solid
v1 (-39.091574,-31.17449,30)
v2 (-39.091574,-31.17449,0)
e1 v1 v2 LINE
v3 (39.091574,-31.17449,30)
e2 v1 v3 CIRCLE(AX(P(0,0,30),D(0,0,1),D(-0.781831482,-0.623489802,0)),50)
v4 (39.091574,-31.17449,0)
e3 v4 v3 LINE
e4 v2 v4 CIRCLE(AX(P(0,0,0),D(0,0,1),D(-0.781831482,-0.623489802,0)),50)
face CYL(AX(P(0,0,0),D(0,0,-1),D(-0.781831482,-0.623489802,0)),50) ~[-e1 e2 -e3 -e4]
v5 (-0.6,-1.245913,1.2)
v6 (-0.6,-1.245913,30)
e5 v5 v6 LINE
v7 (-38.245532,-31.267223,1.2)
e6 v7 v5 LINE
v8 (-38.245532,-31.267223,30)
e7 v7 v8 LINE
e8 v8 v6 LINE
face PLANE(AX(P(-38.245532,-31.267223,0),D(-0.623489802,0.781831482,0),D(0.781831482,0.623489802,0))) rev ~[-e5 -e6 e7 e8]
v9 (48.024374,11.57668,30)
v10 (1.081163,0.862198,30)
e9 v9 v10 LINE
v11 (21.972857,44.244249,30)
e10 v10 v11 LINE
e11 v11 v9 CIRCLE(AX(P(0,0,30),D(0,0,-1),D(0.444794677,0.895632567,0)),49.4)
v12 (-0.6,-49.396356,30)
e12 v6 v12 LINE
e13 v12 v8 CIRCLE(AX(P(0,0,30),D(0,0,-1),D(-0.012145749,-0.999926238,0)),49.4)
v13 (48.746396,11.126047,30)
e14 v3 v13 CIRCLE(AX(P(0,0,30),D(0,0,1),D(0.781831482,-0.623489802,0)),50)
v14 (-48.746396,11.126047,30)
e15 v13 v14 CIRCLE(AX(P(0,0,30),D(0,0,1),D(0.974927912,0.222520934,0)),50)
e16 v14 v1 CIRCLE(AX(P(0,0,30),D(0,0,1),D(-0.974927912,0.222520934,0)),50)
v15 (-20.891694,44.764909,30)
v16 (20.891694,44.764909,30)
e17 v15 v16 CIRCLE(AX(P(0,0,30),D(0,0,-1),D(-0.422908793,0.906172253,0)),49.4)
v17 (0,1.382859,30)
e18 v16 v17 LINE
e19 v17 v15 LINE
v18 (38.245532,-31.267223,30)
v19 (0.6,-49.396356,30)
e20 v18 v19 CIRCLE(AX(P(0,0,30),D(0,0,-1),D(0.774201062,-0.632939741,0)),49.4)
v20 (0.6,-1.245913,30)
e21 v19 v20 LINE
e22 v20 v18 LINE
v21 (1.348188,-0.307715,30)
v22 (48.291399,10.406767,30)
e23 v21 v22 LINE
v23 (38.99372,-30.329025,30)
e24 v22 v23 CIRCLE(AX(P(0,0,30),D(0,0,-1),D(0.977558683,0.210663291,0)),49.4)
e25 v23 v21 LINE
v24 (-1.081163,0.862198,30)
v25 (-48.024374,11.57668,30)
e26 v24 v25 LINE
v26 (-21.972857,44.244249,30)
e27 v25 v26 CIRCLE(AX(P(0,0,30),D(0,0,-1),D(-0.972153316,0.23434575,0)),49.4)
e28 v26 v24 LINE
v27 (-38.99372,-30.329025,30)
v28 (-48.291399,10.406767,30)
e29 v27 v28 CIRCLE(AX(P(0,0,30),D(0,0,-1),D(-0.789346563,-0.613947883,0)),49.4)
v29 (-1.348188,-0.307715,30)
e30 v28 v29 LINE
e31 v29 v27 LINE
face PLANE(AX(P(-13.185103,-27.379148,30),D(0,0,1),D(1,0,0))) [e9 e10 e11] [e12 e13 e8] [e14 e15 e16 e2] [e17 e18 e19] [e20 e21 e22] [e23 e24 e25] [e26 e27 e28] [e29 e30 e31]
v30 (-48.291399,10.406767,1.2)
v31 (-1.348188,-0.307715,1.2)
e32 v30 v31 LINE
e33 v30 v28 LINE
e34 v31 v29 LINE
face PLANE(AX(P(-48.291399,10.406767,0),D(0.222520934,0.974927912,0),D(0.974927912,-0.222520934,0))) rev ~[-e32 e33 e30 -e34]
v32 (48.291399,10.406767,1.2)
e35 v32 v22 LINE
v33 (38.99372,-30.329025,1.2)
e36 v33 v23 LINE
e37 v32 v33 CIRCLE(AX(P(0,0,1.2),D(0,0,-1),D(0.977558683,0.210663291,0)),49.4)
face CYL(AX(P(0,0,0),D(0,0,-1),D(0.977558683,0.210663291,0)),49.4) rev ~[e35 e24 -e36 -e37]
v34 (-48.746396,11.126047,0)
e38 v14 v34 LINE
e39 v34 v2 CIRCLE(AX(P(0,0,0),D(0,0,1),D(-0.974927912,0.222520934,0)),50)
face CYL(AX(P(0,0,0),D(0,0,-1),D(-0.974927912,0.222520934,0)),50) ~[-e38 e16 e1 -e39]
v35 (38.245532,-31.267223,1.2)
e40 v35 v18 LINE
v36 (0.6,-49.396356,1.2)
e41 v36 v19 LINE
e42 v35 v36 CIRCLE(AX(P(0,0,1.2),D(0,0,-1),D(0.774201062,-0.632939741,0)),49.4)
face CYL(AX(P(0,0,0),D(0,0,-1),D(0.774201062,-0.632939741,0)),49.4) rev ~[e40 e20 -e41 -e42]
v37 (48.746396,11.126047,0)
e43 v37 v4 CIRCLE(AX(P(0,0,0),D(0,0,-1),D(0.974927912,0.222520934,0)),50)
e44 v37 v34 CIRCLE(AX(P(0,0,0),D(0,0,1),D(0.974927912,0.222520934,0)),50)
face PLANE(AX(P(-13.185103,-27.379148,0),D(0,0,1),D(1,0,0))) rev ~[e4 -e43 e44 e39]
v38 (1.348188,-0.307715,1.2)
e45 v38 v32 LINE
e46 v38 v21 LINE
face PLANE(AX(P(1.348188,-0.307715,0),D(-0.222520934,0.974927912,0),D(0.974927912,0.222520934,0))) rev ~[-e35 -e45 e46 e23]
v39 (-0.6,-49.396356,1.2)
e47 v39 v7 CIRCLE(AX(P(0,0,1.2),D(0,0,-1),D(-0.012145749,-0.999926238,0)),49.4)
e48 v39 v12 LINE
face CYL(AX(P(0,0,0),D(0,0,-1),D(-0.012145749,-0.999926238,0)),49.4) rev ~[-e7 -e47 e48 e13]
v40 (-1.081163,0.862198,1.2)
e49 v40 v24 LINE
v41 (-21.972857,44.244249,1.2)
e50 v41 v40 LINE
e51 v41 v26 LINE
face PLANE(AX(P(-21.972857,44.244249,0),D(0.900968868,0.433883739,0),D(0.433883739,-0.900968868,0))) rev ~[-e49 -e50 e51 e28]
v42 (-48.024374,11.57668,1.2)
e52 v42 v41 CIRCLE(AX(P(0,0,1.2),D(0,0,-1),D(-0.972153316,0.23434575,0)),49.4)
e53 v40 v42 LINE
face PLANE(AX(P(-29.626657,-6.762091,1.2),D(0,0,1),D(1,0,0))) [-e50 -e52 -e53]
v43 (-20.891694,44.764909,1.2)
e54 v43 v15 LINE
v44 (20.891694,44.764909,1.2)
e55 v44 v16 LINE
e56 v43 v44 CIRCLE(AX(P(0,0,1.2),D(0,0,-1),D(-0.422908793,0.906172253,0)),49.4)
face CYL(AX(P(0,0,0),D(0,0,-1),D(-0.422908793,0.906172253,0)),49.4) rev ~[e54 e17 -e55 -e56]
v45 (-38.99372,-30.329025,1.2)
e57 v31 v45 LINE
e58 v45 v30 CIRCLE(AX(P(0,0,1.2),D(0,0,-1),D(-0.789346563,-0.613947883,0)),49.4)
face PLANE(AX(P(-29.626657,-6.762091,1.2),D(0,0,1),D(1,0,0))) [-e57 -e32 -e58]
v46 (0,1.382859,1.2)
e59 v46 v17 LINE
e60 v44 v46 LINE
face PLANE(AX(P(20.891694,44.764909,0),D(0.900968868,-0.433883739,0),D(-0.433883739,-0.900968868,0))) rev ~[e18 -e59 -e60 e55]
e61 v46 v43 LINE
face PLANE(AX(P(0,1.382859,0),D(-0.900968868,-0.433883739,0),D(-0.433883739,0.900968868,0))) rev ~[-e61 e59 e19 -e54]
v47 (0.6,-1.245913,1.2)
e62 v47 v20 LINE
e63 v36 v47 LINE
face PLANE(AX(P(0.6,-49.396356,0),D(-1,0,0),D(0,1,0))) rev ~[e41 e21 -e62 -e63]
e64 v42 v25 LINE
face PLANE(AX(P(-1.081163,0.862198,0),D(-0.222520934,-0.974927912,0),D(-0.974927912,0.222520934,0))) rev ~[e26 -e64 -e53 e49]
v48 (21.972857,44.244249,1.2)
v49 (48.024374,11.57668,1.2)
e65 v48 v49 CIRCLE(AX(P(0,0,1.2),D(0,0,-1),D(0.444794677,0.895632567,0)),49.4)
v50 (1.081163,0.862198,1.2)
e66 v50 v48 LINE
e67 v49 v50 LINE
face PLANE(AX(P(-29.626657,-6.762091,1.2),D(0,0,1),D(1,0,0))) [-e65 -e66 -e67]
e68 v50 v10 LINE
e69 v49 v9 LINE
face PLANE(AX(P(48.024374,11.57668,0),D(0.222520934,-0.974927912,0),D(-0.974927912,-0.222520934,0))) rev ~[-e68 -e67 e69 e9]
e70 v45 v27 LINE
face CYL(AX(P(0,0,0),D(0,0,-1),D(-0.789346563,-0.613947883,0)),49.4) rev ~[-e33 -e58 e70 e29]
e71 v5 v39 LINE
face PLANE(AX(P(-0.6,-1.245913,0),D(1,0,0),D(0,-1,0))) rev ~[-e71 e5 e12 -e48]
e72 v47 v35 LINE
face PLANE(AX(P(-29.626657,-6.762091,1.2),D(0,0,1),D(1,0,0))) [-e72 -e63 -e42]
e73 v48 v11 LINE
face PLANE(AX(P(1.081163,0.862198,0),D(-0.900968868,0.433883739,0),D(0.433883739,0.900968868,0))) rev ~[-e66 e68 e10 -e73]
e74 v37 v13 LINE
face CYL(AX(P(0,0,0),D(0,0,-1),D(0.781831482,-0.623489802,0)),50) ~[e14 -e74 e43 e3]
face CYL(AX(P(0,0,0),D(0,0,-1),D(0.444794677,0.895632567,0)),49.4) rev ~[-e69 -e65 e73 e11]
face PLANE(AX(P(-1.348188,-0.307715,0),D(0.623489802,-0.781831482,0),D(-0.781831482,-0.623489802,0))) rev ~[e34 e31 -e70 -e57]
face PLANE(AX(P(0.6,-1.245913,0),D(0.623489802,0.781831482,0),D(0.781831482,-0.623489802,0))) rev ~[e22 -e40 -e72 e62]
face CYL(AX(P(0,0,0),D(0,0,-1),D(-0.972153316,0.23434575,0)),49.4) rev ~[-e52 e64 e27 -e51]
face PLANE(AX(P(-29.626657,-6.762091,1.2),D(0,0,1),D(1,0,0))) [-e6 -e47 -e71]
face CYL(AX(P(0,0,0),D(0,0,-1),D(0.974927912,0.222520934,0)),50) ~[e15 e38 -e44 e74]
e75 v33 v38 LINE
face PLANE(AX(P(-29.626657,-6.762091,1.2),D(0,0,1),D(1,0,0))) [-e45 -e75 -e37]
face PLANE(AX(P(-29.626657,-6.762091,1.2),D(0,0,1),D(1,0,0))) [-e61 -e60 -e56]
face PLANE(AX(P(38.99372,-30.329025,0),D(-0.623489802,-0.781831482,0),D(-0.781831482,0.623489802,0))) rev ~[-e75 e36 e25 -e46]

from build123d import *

# Parameters (mm, degrees)
F4_DEPTH = 30
F5_DEPTH = 1.2


with BuildPart() as f4:
    # F3 (on Top) → F4 (new body)
    with BuildSketch(Plane.XY):
        with BuildLine():
            Line((0, -50), (0, 0))
            Line((0, 0), (-39.0915741234, -31.1744900929))
            ThreePointArc((-39.0915741234, -31.1744900929), (-21.6941869559, -45.0484433951), (0, -50))
        make_face()
        with BuildLine():
            Line((-38.2455324691, -31.2672231923), (-0.6, -1.2459128379))
            Line((-0.6, -1.2459128379), (-0.6, -49.3963561409))
            ThreePointArc((-0.6, -49.3963561409), (-21.4338567124, -44.5078620744), (-38.2455324691, -31.2672231923))
        make_face(mode=Mode.SUBTRACT)
        with BuildLine():
            Line((39.0915741234, -31.1744900929), (0, 0))
            Line((0, 0), (0, -50))
            ThreePointArc((0, -50), (21.6941869559, -45.0484433951), (39.0915741234, -31.1744900929))
        make_face()
        with BuildLine():
            Line((0.6, -49.3963561409), (0.6, -1.2459128379))
            Line((0.6, -1.2459128379), (38.2455324691, -31.2672231923))
            ThreePointArc((38.2455324691, -31.2672231923), (21.4338567124, -44.5078620744), (0.6, -49.3963561409))
        make_face(mode=Mode.SUBTRACT)
        with BuildLine():
            Line((-39.0915741234, -31.1744900929), (0, 0))
            Line((0, 0), (-48.7463956091, 11.1260466978))
            ThreePointArc((-48.7463956091, 11.1260466978), (-48.7463956091, -11.1260466978), (-39.0915741234, -31.1744900929))
        make_face()
        with BuildLine():
            Line((-1.3481877622, -0.307715059), (-38.9937202313, -30.3290254134))
            ThreePointArc((-38.9937202313, -30.3290254134), (-48.1614388618, -10.9925341374), (-48.2913989222, 10.4067665552))
            Line((-48.2913989222, 10.4067665552), (-1.3481877622, -0.307715059))
        make_face(mode=Mode.SUBTRACT)
        with BuildLine():
            Line((-48.7463956091, 11.1260466978), (0, 0))
            Line((0, 0), (-21.6941869559, 45.0484433951))
            ThreePointArc((-21.6941869559, 45.0484433951), (-39.0915741234, 31.1744900929), (-48.7463956091, 11.1260466978))
        make_face()
        with BuildLine():
            Line((-21.9728570219, 44.2442488273), (-1.0811626415, 0.8621984356))
            Line((-1.0811626415, 0.8621984356), (-48.0243738015, 11.5766800498))
            ThreePointArc((-48.0243738015, 11.5766800498), (-38.6224752339, 30.8003962118), (-21.9728570219, 44.2442488273))
        make_face(mode=Mode.SUBTRACT)
        with BuildLine():
            Line((-21.6941869559, 45.0484433951), (0, 0))
            Line((0, 0), (21.6941869559, 45.0484433951))
            ThreePointArc((21.6941869559, 45.0484433951), (0, 50), (-21.6941869559, 45.0484433951))
        make_face()
        with BuildLine():
            Line((0, 1.3828589226), (-20.8916943805, 44.7649093143))
            ThreePointArc((-20.8916943805, 44.7649093143), (0, 49.4), (20.8916943805, 44.7649093143))
            Line((20.8916943805, 44.7649093143), (0, 1.3828589226))
        make_face(mode=Mode.SUBTRACT)
        with BuildLine():
            Line((21.6941869559, 45.0484433951), (0, 0))
            Line((0, 0), (48.7463956091, 11.1260466978))
            ThreePointArc((48.7463956091, 11.1260466978), (39.0915741234, 31.1744900929), (21.6941869559, 45.0484433951))
        make_face()
        with BuildLine():
            Line((48.0243738015, 11.5766800498), (1.0811626415, 0.8621984356))
            Line((1.0811626415, 0.8621984356), (21.9728570219, 44.2442488273))
            ThreePointArc((21.9728570219, 44.2442488273), (38.6224752339, 30.8003962118), (48.0243738015, 11.5766800498))
        make_face(mode=Mode.SUBTRACT)
        with BuildLine():
            Line((48.7463956091, 11.1260466978), (0, 0))
            Line((0, 0), (39.0915741234, -31.1744900929))
            ThreePointArc((39.0915741234, -31.1744900929), (48.7463956091, -11.1260466978), (48.7463956091, 11.1260466978))
        make_face()
        with BuildLine():
            Line((1.3481877622, -0.307715059), (48.2913989222, 10.4067665552))
            ThreePointArc((48.2913989222, 10.4067665552), (48.1614388618, -10.9925341374), (38.9937202313, -30.3290254134))
            Line((38.9937202313, -30.3290254134), (1.3481877622, -0.307715059))
        make_face(mode=Mode.SUBTRACT)
    extrude(amount=F4_DEPTH)

    # F2 (on Top) → F5 (join)
    with BuildSketch(Plane.XY):
        with BuildLine():
            Line((-39.0915741234, -31.1744900929), (0, 0))
            Line((0, 0), (-48.7463956091, 11.1260466978))
            ThreePointArc((-48.7463956091, 11.1260466978), (-48.7463956091, -11.1260466978), (-39.0915741234, -31.1744900929))
        make_face()
        with BuildLine():
            Line((-48.7463956091, 11.1260466978), (0, 0))
            Line((0, 0), (-21.6941869559, 45.0484433951))
            ThreePointArc((-21.6941869559, 45.0484433951), (-39.0915741234, 31.1744900929), (-48.7463956091, 11.1260466978))
        make_face()
        with BuildLine():
            Line((0, 0), (21.6941869559, 45.0484433951))
            ThreePointArc((21.6941869559, 45.0484433951), (0, 50), (-21.6941869559, 45.0484433951))
            Line((-21.6941869559, 45.0484433951), (0, 0))
        make_face()
        with BuildLine():
            Line((0, 0), (48.7463956091, 11.1260466978))
            ThreePointArc((48.7463956091, 11.1260466978), (39.0915741234, 31.1744900929), (21.6941869559, 45.0484433951))
            Line((21.6941869559, 45.0484433951), (0, 0))
        make_face()
        with BuildLine():
            ThreePointArc((39.0915741234, -31.1744900929), (47.1941665154, -16.5139530978), (50, 0))
            ThreePointArc((50, 0), (49.6856104947, 5.5982238052), (48.7463956091, 11.1260466978))
            Line((48.7463956091, 11.1260466978), (0, 0))
            Line((0, 0), (39.0915741234, -31.1744900929))
        make_face()
        with BuildLine():
            ThreePointArc((0, -50), (21.6941869559, -45.0484433951), (39.0915741234, -31.1744900929))
            Line((39.0915741234, -31.1744900929), (0, 0))
            Line((0, 0), (0, -50))
        make_face()
        with BuildLine():
            Line((0, -50), (0, 0))
            Line((0, 0), (-39.0915741234, -31.1744900929))
            ThreePointArc((-39.0915741234, -31.1744900929), (-21.6941869559, -45.0484433951), (0, -50))
        make_face()
    extrude(amount=F5_DEPTH)


solid = f4.part
